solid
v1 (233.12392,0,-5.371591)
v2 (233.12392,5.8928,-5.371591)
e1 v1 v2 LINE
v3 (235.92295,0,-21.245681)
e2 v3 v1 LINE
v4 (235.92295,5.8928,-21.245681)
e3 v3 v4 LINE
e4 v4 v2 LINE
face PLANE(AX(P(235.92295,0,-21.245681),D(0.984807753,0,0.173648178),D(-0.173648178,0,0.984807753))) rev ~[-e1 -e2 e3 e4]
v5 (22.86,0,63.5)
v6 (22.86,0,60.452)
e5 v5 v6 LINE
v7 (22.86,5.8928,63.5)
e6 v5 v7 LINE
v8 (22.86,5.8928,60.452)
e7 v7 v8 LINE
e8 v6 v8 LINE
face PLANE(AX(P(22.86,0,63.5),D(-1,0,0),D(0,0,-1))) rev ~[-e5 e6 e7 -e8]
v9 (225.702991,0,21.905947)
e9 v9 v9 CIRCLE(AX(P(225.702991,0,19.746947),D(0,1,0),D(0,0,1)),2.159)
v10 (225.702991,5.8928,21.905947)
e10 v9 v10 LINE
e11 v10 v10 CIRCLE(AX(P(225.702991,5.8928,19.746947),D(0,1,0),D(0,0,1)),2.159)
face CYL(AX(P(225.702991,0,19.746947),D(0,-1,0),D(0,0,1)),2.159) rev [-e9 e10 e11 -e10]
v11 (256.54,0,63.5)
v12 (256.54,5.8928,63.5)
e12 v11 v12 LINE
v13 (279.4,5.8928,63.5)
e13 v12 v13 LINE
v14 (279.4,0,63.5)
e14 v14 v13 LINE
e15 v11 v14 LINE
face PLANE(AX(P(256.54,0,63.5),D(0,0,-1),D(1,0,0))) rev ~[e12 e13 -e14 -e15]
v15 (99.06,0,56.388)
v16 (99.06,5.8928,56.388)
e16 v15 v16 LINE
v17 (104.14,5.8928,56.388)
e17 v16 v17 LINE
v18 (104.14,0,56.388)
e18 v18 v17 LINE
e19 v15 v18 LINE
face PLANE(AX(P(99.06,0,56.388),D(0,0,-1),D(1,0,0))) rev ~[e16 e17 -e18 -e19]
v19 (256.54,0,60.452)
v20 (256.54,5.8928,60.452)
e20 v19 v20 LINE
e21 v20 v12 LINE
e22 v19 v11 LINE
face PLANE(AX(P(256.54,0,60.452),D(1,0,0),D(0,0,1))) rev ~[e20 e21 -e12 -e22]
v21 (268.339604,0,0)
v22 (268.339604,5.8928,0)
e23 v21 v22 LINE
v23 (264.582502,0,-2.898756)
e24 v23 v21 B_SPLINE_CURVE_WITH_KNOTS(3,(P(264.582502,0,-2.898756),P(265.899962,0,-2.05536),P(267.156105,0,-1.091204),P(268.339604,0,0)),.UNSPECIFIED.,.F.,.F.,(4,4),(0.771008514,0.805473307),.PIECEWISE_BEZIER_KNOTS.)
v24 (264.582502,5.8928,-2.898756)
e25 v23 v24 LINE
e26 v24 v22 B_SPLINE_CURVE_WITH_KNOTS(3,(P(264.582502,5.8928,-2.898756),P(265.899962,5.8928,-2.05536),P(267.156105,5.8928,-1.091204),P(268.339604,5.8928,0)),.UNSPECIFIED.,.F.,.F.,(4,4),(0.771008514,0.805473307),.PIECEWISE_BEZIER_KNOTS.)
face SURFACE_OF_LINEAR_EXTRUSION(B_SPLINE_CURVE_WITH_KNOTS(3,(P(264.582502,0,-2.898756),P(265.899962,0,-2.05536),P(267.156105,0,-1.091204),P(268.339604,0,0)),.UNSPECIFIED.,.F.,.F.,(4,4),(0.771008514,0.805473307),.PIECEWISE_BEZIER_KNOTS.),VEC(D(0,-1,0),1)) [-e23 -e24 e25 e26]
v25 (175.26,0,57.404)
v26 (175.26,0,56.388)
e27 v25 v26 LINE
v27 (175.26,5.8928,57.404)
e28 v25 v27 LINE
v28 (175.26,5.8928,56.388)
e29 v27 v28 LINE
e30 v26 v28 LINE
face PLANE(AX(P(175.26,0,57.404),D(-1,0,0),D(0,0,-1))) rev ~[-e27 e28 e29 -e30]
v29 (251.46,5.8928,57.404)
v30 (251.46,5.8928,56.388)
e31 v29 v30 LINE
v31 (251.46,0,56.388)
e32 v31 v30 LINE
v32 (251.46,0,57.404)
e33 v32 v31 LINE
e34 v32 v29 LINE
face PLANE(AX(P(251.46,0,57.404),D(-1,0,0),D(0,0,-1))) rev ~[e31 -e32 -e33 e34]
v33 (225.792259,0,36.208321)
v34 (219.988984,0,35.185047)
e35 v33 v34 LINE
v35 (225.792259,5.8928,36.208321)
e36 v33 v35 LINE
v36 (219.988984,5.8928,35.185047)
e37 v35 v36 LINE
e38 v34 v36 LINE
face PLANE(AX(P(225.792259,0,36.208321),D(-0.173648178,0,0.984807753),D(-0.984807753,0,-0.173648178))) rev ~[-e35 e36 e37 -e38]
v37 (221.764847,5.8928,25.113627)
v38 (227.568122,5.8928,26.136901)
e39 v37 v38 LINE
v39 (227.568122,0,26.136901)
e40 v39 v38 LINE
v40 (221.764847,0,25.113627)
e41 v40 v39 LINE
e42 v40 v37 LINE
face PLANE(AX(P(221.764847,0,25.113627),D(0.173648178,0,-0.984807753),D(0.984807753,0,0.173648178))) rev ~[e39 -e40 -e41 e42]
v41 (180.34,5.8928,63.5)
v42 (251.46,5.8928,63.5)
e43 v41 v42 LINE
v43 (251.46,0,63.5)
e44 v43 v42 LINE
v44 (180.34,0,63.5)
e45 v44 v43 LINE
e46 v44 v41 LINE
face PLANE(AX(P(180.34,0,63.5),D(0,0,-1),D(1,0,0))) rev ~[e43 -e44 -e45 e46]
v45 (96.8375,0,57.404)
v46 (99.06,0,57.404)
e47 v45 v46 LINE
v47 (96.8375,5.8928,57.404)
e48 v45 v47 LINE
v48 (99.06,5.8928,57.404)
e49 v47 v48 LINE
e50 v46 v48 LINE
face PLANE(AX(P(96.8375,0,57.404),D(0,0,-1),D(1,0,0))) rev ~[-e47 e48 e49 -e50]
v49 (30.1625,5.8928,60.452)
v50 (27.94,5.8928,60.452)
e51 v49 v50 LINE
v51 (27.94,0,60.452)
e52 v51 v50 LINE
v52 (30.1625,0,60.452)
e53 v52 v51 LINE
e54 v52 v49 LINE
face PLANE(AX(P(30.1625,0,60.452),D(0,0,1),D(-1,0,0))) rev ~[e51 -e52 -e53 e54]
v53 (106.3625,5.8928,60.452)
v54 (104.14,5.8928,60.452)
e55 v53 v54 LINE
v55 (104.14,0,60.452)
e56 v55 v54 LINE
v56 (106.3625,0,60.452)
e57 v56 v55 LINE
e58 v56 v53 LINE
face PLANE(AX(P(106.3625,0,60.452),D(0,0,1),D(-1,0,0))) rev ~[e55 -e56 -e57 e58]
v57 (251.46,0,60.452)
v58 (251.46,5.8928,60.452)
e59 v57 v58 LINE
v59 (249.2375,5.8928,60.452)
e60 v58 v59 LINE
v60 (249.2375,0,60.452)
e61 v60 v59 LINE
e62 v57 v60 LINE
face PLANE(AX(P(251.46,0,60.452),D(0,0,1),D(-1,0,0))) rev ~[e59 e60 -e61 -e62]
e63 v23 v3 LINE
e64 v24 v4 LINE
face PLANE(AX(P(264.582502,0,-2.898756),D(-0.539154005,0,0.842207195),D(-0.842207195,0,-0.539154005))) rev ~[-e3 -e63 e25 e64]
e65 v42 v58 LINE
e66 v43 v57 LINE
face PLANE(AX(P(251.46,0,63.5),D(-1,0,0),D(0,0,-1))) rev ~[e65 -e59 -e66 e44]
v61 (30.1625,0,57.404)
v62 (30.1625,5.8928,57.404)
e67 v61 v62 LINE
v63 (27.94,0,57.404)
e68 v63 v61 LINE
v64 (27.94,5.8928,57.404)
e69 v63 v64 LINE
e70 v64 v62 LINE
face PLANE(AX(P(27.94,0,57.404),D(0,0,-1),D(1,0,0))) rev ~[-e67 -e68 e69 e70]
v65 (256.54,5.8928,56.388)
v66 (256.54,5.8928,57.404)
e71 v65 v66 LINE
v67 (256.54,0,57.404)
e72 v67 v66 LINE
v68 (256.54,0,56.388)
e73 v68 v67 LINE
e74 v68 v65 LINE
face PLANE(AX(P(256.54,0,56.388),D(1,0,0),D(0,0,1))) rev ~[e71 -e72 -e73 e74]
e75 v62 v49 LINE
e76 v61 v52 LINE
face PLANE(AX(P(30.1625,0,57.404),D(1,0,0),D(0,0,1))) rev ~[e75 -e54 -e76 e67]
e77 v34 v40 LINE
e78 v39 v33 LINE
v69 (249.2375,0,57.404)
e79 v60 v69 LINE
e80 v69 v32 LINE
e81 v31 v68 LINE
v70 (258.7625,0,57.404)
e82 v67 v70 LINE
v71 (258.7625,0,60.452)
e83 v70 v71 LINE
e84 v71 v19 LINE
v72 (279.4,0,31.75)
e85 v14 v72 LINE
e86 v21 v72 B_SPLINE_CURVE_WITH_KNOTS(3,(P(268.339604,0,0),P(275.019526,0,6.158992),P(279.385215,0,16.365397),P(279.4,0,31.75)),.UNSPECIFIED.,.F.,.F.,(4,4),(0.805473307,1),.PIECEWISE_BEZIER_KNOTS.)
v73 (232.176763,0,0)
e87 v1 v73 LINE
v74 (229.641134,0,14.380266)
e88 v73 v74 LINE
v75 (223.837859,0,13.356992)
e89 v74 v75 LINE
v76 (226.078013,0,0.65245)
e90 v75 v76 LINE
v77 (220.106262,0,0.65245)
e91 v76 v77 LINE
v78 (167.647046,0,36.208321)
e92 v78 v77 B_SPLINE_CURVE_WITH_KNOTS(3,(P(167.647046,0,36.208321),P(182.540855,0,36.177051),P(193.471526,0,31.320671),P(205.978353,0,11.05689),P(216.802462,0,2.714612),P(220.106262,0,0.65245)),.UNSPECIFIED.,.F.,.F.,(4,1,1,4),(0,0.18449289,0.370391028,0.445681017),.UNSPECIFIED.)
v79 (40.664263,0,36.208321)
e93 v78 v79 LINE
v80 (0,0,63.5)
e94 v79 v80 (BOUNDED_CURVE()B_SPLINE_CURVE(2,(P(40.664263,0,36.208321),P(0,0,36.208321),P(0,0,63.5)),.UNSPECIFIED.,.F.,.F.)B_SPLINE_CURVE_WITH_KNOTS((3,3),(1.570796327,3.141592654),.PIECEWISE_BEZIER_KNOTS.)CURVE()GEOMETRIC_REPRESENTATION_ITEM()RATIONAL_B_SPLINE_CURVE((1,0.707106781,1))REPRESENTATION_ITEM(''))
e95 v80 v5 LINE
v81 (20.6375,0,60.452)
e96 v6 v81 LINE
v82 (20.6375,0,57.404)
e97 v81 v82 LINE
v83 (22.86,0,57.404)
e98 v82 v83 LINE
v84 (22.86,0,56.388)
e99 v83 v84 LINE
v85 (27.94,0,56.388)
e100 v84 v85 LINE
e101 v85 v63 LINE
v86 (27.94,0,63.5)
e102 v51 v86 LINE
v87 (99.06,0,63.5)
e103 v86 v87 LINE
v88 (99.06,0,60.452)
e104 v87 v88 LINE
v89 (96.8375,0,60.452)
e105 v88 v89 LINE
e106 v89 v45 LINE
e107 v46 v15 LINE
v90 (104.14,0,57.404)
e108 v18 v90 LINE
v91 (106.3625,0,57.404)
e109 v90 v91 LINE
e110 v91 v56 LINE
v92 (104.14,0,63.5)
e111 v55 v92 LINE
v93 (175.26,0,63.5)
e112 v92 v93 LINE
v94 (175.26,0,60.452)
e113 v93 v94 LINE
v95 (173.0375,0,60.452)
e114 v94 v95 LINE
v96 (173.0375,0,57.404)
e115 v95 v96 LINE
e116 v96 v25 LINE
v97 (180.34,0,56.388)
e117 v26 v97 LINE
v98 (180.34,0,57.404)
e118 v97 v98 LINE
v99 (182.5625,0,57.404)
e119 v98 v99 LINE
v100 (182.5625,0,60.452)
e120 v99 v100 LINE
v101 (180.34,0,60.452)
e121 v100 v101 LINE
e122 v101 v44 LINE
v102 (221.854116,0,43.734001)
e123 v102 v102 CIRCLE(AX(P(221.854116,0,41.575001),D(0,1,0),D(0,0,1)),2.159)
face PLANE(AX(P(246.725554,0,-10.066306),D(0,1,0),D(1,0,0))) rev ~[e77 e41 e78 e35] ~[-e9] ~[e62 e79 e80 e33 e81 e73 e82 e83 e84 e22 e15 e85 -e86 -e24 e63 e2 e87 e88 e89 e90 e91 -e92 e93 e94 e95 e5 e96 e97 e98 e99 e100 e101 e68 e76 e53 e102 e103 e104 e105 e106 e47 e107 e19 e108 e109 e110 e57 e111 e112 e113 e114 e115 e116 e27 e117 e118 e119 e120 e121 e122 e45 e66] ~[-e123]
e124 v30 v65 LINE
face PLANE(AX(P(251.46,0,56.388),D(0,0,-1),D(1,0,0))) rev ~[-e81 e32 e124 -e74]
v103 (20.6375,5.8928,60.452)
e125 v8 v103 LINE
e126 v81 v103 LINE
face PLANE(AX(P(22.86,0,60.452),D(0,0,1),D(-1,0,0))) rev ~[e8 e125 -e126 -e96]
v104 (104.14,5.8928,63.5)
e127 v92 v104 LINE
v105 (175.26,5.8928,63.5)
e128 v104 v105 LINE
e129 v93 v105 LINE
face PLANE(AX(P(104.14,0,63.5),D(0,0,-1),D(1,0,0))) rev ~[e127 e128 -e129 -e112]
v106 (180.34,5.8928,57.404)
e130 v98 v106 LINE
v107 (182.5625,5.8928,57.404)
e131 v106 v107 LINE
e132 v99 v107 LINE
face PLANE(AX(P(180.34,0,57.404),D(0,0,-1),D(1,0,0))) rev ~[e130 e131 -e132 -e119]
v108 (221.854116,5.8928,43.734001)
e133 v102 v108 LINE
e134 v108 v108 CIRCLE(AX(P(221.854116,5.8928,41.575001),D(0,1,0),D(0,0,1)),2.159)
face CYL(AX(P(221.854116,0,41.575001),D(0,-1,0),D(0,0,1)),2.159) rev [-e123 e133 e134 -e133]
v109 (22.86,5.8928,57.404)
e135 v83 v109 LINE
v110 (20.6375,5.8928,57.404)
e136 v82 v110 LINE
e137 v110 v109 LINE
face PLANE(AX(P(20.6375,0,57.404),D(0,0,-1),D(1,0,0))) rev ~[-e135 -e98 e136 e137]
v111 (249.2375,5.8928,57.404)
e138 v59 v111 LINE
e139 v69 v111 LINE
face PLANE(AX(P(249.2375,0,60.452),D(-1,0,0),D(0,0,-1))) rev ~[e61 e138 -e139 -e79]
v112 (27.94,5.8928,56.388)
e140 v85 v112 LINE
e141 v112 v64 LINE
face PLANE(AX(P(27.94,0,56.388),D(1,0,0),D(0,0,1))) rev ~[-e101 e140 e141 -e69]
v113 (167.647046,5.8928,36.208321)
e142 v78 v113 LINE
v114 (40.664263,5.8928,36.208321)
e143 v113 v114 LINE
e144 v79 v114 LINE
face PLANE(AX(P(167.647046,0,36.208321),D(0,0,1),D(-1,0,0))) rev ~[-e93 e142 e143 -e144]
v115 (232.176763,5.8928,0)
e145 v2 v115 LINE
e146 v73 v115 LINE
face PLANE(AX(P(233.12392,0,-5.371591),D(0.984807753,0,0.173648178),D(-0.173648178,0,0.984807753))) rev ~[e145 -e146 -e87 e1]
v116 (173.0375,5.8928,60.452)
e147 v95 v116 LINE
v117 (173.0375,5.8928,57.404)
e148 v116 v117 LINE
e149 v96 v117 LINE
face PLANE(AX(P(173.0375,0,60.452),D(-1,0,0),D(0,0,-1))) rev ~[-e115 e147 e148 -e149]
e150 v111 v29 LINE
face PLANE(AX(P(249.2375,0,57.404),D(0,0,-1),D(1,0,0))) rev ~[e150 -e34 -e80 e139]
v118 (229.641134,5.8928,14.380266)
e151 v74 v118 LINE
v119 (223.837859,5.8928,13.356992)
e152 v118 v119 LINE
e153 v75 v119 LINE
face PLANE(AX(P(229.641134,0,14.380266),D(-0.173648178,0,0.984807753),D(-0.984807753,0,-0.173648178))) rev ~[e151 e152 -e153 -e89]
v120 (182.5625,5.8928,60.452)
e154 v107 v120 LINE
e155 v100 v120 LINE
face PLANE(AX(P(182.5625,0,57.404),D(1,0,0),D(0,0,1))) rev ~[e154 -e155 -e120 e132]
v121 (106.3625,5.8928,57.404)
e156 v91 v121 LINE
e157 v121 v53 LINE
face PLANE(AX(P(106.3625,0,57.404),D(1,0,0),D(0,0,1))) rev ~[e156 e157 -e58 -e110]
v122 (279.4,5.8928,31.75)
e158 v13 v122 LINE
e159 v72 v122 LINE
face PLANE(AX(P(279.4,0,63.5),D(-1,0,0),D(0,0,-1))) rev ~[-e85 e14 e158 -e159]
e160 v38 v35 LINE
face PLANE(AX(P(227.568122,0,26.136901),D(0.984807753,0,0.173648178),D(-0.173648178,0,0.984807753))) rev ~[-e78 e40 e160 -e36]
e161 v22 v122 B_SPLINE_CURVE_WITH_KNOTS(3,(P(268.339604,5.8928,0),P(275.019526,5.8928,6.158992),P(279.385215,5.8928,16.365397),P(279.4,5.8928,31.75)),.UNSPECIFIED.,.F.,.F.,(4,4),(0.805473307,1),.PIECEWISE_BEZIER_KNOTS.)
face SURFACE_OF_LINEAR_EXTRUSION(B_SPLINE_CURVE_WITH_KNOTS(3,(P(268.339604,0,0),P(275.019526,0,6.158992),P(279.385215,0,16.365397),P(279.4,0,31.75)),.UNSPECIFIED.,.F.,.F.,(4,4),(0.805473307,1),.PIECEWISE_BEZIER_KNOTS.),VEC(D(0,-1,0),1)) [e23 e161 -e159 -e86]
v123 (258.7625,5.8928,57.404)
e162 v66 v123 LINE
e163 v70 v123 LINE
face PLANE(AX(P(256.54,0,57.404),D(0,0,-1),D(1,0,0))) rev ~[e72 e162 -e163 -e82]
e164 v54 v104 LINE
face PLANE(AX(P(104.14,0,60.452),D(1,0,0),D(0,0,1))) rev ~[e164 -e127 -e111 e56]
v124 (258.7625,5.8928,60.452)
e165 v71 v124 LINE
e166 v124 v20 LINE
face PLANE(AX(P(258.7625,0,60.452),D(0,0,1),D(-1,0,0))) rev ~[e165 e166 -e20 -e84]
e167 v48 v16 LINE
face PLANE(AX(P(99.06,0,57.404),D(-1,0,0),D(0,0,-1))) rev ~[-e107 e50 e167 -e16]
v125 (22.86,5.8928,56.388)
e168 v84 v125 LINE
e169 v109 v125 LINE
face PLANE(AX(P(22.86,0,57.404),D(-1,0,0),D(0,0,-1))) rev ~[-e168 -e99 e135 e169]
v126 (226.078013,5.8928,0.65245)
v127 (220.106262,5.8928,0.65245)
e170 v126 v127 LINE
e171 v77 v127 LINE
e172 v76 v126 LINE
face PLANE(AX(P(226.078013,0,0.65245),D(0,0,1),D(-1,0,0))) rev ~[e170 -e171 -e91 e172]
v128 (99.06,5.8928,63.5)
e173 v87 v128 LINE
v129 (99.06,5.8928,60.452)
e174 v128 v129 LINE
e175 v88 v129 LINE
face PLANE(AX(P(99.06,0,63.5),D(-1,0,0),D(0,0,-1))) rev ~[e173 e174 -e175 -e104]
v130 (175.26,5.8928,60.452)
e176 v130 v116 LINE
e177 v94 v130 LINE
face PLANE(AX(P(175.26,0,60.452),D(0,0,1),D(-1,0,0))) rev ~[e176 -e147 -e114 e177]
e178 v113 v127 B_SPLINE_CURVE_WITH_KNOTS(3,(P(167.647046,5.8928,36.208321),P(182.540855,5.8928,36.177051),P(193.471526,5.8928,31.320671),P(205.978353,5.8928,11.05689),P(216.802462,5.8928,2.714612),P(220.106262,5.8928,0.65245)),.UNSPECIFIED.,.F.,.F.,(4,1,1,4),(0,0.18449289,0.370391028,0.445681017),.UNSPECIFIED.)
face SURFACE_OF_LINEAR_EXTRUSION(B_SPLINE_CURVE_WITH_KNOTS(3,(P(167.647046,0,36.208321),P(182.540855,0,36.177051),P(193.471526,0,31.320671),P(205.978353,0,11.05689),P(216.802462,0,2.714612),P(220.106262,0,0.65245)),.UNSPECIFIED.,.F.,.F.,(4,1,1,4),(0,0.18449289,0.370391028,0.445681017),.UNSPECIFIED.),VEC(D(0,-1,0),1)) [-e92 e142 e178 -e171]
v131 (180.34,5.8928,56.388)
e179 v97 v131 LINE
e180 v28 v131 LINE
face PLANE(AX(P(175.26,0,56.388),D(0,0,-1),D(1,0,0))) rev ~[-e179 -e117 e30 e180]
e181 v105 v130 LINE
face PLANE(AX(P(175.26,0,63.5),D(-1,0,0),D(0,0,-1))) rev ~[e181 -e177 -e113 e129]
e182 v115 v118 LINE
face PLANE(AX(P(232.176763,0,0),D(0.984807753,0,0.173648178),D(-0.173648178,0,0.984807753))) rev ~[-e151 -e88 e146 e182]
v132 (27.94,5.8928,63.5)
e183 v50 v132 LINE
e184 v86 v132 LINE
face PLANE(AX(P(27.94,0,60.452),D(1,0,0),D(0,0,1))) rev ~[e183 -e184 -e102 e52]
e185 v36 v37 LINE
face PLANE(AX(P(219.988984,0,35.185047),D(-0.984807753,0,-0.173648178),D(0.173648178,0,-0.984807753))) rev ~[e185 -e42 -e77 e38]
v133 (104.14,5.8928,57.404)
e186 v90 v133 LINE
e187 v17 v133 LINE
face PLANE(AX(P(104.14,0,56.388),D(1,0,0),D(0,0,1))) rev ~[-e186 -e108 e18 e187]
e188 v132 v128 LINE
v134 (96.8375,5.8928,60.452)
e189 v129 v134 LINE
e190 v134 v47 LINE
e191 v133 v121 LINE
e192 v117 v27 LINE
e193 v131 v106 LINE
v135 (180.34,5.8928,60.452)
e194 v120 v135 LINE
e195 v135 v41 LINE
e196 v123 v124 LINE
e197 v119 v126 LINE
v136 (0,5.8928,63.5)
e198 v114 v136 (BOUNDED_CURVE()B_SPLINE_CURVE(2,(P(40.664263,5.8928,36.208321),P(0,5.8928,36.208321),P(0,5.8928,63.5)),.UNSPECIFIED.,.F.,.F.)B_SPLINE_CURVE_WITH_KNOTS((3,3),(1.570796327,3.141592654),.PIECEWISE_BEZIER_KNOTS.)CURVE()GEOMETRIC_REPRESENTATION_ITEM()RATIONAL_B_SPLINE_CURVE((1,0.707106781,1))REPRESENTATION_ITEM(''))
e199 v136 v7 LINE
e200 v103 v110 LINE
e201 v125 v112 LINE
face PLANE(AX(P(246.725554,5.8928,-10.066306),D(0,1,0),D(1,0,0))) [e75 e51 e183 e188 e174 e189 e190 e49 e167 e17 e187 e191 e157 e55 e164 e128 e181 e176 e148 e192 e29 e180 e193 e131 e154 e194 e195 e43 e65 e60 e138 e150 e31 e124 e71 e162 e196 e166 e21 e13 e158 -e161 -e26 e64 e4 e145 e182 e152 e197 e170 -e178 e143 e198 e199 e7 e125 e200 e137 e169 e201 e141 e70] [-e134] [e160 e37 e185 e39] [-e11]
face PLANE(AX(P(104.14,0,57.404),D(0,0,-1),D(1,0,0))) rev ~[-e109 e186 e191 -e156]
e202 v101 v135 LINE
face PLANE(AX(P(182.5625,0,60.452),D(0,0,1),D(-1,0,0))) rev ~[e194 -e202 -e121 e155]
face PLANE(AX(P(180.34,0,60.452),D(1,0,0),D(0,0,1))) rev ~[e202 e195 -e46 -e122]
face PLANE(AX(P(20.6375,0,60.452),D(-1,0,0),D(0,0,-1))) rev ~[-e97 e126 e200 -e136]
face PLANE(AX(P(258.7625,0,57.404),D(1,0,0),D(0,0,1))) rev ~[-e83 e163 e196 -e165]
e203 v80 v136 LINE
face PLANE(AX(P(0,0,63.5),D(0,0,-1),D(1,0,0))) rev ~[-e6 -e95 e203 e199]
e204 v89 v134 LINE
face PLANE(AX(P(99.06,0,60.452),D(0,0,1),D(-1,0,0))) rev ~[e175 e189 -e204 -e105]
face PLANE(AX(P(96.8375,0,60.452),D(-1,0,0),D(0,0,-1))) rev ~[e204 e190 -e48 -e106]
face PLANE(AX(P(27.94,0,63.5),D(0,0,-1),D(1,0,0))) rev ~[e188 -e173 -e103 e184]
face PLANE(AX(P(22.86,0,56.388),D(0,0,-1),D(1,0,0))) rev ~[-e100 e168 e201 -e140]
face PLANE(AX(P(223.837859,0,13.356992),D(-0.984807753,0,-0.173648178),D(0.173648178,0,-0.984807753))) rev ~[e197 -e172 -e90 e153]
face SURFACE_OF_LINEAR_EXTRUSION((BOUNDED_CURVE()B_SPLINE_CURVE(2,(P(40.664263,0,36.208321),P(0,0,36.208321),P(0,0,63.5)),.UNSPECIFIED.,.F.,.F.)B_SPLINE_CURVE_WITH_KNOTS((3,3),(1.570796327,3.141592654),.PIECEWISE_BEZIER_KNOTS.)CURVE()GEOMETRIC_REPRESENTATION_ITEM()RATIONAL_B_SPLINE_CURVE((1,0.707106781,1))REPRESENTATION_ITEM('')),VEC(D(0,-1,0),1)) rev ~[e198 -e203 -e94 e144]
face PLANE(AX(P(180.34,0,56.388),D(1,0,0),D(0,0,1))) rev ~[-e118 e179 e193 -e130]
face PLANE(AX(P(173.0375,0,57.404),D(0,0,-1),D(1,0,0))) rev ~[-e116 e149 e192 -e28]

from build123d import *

# Parameters (mm, degrees)
SKETCH1_R           = 2.159
BOSS_EXTRUDE1_DEPTH = 5.8928


with BuildPart() as part:
    # Sketch1 → Boss-Extrude1 (new body)
    # profile 1 of 3: a face of its own
    with BuildSketch(Plane(origin=(0, 0, 0), x_dir=(1, 0, 0), z_dir=(0, 1, 0))):
        with BuildLine():
            Line((22.86, -56.388), (25.4, -56.388))
            Line((25.4, -56.388), (27.94, -56.388))
            Line((27.94, -56.388), (27.94, -57.404))
            Line((27.94, -57.404), (30.1625, -57.404))
            Line((30.1625, -57.404), (30.1625, -60.452))
            Line((30.1625, -60.452), (27.94, -60.452))
            Line((27.94, -60.452), (27.94, -63.5))
            Line((27.94, -63.5), (99.06, -63.5))
            Line((99.06, -63.5), (99.06, -60.452))
            Line((99.06, -60.452), (96.8375, -60.452))
            Line((96.8375, -60.452), (96.8375, -57.404))
            Line((96.8375, -57.404), (99.06, -57.404))
            Line((99.06, -57.404), (99.06, -56.388))
            Line((99.06, -56.388), (101.6, -56.388))
            Line((101.6, -56.388), (104.14, -56.388))
            Line((104.14, -56.388), (104.14, -57.404))
            Line((104.14, -57.404), (106.3625, -57.404))
            Line((106.3625, -57.404), (106.3625, -60.452))
            Line((106.3625, -60.452), (104.14, -60.452))
            Line((104.14, -60.452), (104.14, -63.5))
            Line((104.14, -63.5), (175.26, -63.5))
            Line((175.26, -63.5), (175.26, -60.452))
            Line((175.26, -60.452), (173.0375, -60.452))
            Line((173.0375, -60.452), (173.0375, -57.404))
            Line((173.0375, -57.404), (175.26, -57.404))
            Line((175.26, -57.404), (175.26, -56.388))
            Line((175.26, -56.388), (177.8, -56.388))
            Line((177.8, -56.388), (180.34, -56.388))
            Line((180.34, -56.388), (180.34, -57.404))
            Line((180.34, -57.404), (182.5625, -57.404))
            Line((182.5625, -57.404), (182.5625, -60.452))
            Line((182.5625, -60.452), (180.34, -60.452))
            Line((180.34, -60.452), (180.34, -63.5))
            Line((180.34, -63.5), (251.46, -63.5))
            Line((251.46, -63.5), (251.46, -60.452))
            Line((251.46, -60.452), (249.2375, -60.452))
            Line((249.2375, -60.452), (249.2375, -57.404))
            Line((249.2375, -57.404), (251.46, -57.404))
            Line((251.46, -57.404), (251.46, -56.388))
            Line((251.46, -56.388), (254, -56.388))
            Line((254, -56.388), (256.54, -56.388))
            Line((256.54, -56.388), (256.54, -57.404))
            Line((256.54, -57.404), (258.7625, -57.404))
            Line((258.7625, -57.404), (258.7625, -60.452))
            Line((258.7625, -60.452), (256.54, -60.452))
            Line((256.54, -60.452), (256.54, -63.5))
            Line((256.54, -63.5), (279.4, -63.5))
            Line((279.4, -63.5), (279.4, -31.75))
            add(Edge.make_bspline(
                [(268.339603776, 0), (275.019525549, -6.158991848), (279.385214725, -16.365397032), (279.4, -31.75)],
                knots=[0.805473307, 0.805473307, 0.805473307, 0.805473307, 1, 1, 1, 1], degree=3))
            Line((268.339603776, 0), (232.176763275, 0))
            Line((232.176763275, 0), (229.641134322, -14.380266384))
            Line((229.641134322, -14.380266384), (223.837859195, -13.356992403))
            Line((223.837859195, -13.356992403), (226.078012822, -0.652449861))
            Line((226.078012822, -0.652449861), (220.106261854, -0.652449861))
            add(Edge.make_bspline(
                [(167.647045609, -36.208320755), (182.540854706, -36.177050532), (193.471525933, -31.320671219), (205.978352833, -11.056890294), (216.80246247, -2.714612362), (220.106261854, -0.652449861)],
                knots=[0, 0, 0, 0, 0.18449289, 0.370391028, 0.445681017, 0.445681017, 0.445681017, 0.445681017], degree=3))
            Line((167.647045609, -36.208320755), (40.664262654, -36.208320755))
            add(Edge.make_bspline(
                [(40.664262654, -36.208320755), (0, -36.208320755), (0, -63.5)],
                knots=[1.570796327, 1.570796327, 1.570796327, 3.141592654, 3.141592654, 3.141592654], degree=2, weights=[1, 0.707106781, 1]))
            Line((0, -63.5), (22.86, -63.5))
            Line((22.86, -63.5), (22.86, -60.452))
            Line((22.86, -60.452), (20.6375, -60.452))
            Line((20.6375, -60.452), (20.6375, -57.404))
            Line((20.6375, -57.404), (22.86, -57.404))
            Line((22.86, -57.404), (22.86, -56.388))
        make_face()
        with Locations(Location((221.854115864, -41.575001242, 0), (0, 0, 270))):
            Circle(SKETCH1_R, mode=Mode.SUBTRACT)
        Polygon((221.76484725, -25.113627358), (227.568122377, -26.13690134), (225.7922594, -36.208320755), (219.988984273, -35.185046774), align=None, mode=Mode.SUBTRACT)
        with Locations(Location((225.702990786, -19.746946871, 0), (0, 0, 270))):
            Circle(SKETCH1_R, mode=Mode.SUBTRACT)
    # profile 2 of 3: a face of its own
    with BuildSketch(Plane(origin=(0, 0, 0), x_dir=(1, 0, 0), z_dir=(0, 1, 0))):
        with BuildLine():
            Line((233.123919707, 5.371591052), (232.176763275, 0))
            Line((232.176763275, 0), (268.339603776, 0))
            add(Edge.make_bspline(
                [(264.58250195, 2.898755616), (265.899962004, 2.055359977), (267.156104906, 1.091204379), (268.339603776, 0)],
                knots=[0.771008514, 0.771008514, 0.771008514, 0.771008514, 0.805473307, 0.805473307, 0.805473307, 0.805473307], degree=3))
            add(Edge.make_bspline(
                [(233.123919707, 5.371591052), (239.398286694, 7.344939742), (250.719959286, 8.655748308), (260.759413307, 5.346174252), (264.58250195, 2.898755616)],
                knots=[0.539626218, 0.539626218, 0.539626218, 0.539626218, 0.670996405, 0.771008514, 0.771008514, 0.771008514, 0.771008514], degree=3))
        make_face()
    # profile 3 of 3: a face of its own
    with BuildSketch(Plane(origin=(0, 0, 0), x_dir=(1, 0, 0), z_dir=(0, 1, 0))):
        with BuildLine():
            Line((235.922949985, 21.245680584), (233.123919707, 5.371591052))
            add(Edge.make_bspline(
                [(233.123919707, 5.371591052), (239.398286694, 7.344939742), (250.719959286, 8.655748308), (260.759413307, 5.346174252), (264.58250195, 2.898755616)],
                knots=[0.539626218, 0.539626218, 0.539626218, 0.539626218, 0.670996405, 0.771008514, 0.771008514, 0.771008514, 0.771008514], degree=3))
            Line((264.58250195, 2.898755616), (235.922949985, 21.245680584))
        make_face()
    extrude(amount=BOSS_EXTRUDE1_DEPTH)


solid = part.part
